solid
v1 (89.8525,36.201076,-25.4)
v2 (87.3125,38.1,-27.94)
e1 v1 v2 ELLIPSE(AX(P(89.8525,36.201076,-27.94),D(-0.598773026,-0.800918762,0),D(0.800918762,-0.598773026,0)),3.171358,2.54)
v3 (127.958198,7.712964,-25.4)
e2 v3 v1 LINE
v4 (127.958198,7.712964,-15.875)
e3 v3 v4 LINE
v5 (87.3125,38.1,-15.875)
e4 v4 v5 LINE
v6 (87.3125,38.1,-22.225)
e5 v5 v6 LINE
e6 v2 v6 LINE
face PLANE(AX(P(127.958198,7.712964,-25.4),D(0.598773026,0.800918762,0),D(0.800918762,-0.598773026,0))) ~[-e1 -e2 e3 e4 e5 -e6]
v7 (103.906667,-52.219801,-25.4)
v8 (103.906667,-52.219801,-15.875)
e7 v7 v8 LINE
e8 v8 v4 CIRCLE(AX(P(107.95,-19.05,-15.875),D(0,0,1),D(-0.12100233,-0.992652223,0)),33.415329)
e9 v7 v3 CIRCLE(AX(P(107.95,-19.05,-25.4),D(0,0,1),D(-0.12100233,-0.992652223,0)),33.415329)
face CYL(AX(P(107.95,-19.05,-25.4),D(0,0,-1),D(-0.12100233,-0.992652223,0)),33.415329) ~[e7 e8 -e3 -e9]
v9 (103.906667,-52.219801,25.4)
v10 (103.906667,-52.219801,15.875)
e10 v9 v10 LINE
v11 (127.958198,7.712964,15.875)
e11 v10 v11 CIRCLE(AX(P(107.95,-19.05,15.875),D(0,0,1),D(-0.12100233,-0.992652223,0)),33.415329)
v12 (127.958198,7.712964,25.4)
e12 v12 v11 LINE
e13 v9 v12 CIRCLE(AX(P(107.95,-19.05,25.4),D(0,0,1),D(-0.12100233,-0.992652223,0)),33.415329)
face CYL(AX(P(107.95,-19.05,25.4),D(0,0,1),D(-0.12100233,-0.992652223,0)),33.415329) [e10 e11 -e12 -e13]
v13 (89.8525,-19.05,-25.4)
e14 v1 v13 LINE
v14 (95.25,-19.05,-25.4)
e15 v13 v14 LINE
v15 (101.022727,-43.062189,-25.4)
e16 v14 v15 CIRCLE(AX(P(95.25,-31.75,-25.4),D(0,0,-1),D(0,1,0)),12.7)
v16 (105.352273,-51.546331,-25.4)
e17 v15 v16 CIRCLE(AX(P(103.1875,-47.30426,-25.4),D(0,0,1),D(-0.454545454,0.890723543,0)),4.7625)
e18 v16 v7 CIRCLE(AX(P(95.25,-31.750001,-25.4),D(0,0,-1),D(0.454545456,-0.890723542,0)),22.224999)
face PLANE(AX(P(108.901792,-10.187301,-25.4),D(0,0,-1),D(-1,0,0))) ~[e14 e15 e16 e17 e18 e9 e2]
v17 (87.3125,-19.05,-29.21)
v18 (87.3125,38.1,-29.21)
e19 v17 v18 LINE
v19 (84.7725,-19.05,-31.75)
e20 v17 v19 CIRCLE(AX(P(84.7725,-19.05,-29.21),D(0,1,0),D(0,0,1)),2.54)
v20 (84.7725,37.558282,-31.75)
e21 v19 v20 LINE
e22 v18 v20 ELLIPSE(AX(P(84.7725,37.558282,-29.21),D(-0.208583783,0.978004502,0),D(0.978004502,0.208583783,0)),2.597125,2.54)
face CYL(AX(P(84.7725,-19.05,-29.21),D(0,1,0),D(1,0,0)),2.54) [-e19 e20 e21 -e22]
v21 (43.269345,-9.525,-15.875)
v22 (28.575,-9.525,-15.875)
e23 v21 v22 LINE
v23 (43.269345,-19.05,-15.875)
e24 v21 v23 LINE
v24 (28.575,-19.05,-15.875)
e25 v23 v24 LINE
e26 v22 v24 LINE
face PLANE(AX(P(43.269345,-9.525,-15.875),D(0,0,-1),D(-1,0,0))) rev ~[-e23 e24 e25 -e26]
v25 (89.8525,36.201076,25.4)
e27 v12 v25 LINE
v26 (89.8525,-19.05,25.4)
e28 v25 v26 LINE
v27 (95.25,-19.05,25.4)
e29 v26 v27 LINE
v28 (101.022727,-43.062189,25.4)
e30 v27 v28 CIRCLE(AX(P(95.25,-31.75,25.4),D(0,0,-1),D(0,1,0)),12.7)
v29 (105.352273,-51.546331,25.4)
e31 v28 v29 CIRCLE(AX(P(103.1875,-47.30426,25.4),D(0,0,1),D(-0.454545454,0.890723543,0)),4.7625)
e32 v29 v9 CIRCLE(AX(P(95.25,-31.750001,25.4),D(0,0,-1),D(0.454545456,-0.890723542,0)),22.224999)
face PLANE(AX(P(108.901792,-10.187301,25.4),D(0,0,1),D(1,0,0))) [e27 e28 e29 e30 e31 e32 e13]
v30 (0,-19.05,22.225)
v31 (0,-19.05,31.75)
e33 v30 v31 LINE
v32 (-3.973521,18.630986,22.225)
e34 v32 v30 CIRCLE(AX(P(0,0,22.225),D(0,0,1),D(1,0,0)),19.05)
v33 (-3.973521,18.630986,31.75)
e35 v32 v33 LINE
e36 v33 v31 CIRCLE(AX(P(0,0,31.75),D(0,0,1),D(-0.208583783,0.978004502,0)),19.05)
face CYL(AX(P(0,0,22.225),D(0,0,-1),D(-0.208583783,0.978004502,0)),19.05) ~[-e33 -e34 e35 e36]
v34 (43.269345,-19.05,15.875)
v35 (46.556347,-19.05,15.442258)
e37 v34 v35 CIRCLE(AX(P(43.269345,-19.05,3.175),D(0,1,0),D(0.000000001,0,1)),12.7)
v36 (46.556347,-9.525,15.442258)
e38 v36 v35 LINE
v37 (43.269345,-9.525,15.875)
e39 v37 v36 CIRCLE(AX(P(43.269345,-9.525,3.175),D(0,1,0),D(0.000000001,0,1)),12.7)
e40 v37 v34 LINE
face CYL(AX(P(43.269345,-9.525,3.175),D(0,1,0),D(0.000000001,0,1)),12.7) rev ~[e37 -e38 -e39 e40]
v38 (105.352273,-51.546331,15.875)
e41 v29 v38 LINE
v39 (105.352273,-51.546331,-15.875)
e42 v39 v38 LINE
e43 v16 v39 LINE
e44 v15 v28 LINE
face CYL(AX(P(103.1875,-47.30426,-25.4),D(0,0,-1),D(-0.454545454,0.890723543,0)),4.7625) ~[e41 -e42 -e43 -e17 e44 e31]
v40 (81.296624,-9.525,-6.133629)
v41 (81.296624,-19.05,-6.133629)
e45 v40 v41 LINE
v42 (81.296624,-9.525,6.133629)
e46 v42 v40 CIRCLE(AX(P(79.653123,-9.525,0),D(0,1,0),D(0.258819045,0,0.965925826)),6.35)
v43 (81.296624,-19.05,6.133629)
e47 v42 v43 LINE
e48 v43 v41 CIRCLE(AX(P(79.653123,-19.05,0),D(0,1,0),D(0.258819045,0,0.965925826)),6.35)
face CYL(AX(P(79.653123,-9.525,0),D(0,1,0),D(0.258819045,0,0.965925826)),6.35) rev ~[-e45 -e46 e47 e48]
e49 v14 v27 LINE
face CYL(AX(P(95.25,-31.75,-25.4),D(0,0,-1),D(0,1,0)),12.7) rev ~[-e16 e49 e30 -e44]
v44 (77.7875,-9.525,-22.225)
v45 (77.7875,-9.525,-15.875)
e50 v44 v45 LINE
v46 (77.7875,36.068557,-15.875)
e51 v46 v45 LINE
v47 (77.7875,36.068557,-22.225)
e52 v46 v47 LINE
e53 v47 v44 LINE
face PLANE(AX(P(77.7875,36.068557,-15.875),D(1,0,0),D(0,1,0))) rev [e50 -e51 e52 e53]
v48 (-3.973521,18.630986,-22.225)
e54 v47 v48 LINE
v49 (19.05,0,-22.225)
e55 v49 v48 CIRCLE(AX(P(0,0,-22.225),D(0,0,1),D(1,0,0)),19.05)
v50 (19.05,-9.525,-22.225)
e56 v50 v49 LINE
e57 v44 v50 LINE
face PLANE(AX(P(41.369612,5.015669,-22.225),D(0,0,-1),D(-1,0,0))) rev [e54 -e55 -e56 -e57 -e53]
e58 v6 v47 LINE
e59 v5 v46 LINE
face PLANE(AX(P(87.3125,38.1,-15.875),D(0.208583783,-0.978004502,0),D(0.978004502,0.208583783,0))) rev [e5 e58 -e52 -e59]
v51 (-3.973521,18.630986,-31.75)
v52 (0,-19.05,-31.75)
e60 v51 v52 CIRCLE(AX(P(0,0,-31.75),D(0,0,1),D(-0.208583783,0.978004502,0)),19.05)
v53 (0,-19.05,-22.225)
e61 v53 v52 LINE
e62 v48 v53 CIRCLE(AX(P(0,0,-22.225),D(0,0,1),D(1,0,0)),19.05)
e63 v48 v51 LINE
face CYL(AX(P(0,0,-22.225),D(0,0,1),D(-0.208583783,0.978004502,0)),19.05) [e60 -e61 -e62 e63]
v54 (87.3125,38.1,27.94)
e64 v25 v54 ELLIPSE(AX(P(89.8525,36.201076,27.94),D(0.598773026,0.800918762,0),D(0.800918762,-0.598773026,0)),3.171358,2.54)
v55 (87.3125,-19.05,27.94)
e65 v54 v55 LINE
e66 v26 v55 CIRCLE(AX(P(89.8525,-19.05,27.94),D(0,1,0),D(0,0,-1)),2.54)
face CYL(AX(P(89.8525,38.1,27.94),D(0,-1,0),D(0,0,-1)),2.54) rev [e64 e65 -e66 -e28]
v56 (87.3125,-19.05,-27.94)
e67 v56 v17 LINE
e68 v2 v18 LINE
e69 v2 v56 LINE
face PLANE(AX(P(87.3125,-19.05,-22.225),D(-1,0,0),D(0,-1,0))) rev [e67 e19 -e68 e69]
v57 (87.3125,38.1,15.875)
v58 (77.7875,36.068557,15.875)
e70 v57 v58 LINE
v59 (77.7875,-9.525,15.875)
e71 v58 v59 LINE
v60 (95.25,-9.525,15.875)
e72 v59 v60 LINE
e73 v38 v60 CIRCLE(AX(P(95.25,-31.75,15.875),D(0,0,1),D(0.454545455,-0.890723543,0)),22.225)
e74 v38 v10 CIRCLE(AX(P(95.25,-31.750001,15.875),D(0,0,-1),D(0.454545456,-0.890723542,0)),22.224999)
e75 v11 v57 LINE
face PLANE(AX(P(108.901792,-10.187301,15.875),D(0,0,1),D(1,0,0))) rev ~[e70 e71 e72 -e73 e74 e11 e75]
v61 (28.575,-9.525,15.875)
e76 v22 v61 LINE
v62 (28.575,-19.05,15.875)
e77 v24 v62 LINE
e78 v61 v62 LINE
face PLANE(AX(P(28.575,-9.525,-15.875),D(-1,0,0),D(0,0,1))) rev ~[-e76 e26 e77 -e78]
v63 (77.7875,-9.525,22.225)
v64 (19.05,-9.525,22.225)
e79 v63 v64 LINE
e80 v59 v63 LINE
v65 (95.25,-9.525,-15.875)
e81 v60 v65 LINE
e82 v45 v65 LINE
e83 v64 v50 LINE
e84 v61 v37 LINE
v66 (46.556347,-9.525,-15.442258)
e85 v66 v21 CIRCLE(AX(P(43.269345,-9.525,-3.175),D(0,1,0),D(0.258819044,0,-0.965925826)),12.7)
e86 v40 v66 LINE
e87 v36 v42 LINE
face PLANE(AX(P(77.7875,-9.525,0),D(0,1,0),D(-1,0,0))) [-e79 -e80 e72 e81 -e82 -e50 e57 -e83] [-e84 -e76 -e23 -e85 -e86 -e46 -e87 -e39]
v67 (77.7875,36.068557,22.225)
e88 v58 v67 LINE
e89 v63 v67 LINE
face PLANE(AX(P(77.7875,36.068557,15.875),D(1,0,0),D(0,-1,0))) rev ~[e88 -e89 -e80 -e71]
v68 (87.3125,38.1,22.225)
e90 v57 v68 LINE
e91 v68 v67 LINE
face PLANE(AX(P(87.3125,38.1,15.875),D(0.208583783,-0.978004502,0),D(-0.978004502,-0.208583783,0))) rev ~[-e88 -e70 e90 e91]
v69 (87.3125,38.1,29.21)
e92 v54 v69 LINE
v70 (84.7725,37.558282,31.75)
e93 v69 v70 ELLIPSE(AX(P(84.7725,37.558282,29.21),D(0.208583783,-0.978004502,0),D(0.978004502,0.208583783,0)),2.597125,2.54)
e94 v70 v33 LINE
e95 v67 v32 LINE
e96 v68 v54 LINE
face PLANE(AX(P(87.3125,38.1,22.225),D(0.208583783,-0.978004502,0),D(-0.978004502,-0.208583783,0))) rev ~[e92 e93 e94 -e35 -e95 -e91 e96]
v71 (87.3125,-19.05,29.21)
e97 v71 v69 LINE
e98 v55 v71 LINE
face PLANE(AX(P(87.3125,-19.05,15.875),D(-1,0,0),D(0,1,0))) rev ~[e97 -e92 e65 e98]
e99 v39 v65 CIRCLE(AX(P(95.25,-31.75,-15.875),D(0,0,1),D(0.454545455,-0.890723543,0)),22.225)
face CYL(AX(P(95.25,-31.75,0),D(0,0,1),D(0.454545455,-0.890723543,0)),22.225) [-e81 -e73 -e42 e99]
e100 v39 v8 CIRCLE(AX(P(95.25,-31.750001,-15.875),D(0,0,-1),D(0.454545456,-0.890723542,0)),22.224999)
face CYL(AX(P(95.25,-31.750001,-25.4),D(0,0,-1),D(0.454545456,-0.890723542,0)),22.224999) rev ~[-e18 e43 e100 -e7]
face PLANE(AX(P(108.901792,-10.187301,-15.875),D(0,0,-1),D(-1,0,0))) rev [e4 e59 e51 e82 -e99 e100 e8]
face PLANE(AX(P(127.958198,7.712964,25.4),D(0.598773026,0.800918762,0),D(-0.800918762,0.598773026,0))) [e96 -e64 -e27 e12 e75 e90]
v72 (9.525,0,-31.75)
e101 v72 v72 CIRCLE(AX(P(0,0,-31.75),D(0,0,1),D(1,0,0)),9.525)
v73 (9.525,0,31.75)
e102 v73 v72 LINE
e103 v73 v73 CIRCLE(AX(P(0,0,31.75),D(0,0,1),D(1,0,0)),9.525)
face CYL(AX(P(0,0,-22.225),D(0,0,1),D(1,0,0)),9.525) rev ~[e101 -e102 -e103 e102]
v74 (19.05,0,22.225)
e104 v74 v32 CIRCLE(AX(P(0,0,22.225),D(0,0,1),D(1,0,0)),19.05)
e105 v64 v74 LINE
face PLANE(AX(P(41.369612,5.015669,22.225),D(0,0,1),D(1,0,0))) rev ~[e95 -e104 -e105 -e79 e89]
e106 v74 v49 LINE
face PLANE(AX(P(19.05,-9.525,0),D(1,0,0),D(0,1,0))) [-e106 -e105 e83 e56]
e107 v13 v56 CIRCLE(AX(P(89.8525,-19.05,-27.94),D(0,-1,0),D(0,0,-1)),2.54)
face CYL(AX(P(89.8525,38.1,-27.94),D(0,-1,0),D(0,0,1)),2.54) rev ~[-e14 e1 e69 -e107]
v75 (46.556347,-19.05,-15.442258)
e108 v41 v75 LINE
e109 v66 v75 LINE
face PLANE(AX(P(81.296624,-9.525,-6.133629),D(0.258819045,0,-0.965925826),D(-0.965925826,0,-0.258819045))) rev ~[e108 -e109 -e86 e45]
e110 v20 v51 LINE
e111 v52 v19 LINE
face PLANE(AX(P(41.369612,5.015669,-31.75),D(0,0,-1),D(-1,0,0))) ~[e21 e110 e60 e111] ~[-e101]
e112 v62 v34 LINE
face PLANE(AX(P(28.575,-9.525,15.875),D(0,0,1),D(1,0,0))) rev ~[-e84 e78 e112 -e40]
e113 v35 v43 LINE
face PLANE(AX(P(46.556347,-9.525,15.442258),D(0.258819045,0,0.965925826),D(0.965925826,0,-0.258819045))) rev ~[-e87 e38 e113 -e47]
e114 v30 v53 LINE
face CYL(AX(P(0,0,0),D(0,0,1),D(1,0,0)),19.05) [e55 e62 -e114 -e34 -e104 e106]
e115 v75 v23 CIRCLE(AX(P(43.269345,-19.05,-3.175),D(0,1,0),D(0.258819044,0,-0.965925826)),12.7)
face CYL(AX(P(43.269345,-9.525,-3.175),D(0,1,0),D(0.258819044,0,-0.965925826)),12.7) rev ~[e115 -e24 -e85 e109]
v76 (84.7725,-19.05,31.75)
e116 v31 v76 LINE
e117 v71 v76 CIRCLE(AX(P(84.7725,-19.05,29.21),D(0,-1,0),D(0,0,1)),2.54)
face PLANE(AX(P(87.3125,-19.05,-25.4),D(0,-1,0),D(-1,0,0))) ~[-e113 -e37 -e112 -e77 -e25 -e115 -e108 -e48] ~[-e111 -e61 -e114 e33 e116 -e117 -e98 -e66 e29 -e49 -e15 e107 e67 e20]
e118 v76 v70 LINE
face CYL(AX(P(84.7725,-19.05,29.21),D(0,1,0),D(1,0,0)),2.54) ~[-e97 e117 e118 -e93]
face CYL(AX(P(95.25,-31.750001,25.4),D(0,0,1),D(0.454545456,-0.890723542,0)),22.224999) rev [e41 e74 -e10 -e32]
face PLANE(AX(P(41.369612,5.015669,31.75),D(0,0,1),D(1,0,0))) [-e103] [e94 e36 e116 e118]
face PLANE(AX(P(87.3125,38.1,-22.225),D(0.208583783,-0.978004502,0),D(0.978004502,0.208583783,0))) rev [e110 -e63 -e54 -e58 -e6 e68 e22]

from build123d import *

# Parameters (mm, degrees)
SKETCH1_R            = 9.525
BOSS_EXTRUDE1_DEPTH  = 15.875
SKETCH1_3_R          = 9.525
BOSS_EXTRUDE2_DEPTH  = 22.225
BOSS_EXTRUDE6_START  = 22.225
SKETCH1_7_R          = 9.525
BOSS_EXTRUDE6_DEPTH  = 9.525
BOSS_EXTRUDE8_START  = 15.875
BOSS_EXTRUDE8_DEPTH  = 9.525
BOSS_EXTRUDE10_START = 25.4
BOSS_EXTRUDE10_DEPTH = 9.525
CUT_EXTRUDE1_DEPTH   = 153.513472698
FILLET1_R            = 2.54


with BuildPart() as part:
    # Sketch1 → Boss-Extrude1 (new, symmetric)
    with BuildSketch(Plane.XY):
        with BuildLine():
            Line((0, -19.05), (95.25, -19.05))
            ThreePointArc((95.25, -19.05), (107.598173959, -28.781397654), (101.022727273, -43.062188994))
            ThreePointArc((101.022727273, -43.062188994), (98.945429127, -49.469032594), (105.352272727, -51.546330739))
            ThreePointArc((105.352272727, -51.546330739), (116.859304428, -26.554945895), (95.25, -9.525))
            Line((95.25, -9.525), (19.05, -9.525))
            Line((19.05, -9.525), (19.05, 0))
            ThreePointArc((19.05, 0), (-13.470384182, 13.470384182), (0, -19.05))
        make_face()
        Circle(SKETCH1_R, mode=Mode.SUBTRACT)
    extrude(amount=BOSS_EXTRUDE1_DEPTH, both=True)

    # Sketch1<3> → Boss-Extrude2 (add, symmetric)
    with BuildSketch(Plane.XY):
        with BuildLine():
            Line((0, -19.05), (77.7875, -19.05))
            Line((77.7875, -19.05), (77.7875, -9.525))
            Line((77.7875, -9.525), (19.05, -9.525))
            Line((19.05, -9.525), (19.05, 0))
            ThreePointArc((19.05, 0), (-13.470384182, 13.470384182), (0, -19.05))
        make_face()
        Circle(SKETCH1_3_R, mode=Mode.SUBTRACT)
    extrude(amount=BOSS_EXTRUDE2_DEPTH, both=True)

    # Sketch1<7> → Boss-Extrude6 (add)
    with BuildSketch(Plane.XY.offset(BOSS_EXTRUDE6_START)):
        with BuildLine():
            ThreePointArc((-3.973521059, 18.63098576), (-18.944956832, -1.997776423), (0, -19.05))
            Line((0, -19.05), (87.3125, -19.05))
            Line((87.3125, -19.05), (87.3125, 38.1))
            Line((87.3125, 38.1), (-3.973521059, 18.63098576))
        make_face()
        Circle(SKETCH1_7_R, mode=Mode.SUBTRACT)
    boss_extrude6 = extrude(amount=BOSS_EXTRUDE6_DEPTH)

    # Sketch1<9> → Boss-Extrude8 (add)
    with BuildSketch(Plane.XY.offset(BOSS_EXTRUDE8_START)):
        Polygon((77.7875, -19.05), (87.3125, -19.05), (87.3125, 38.1), (77.7875, 36.068556867), align=None)
    boss_extrude8 = extrude(amount=BOSS_EXTRUDE8_DEPTH)

    # Sketch1<10> → Boss-Extrude10 (add)
    with BuildSketch(Plane.XY.offset(BOSS_EXTRUDE10_START)):
        with BuildLine():
            Line((87.3125, -19.05), (95.25, -19.05))
            ThreePointArc((95.25, -19.05), (107.598173959, -28.781397654), (101.022727273, -43.062188994))
            ThreePointArc((101.022727273, -43.062188994), (98.945429127, -49.469032594), (105.352272727, -51.546330739))
            ThreePointArc((105.352272727, -51.546330739), (104.635512697, -51.896036246), (103.906667348, -52.219800571))
            ThreePointArc((103.906667348, -52.219800571), (138.961341357, -31.495116154), (127.958197617, 7.712963905))
            Line((127.958197617, 7.712963905), (87.3125, 38.1))
            Line((87.3125, 38.1), (87.3125, -19.05))
        make_face()
    boss_extrude10 = extrude(amount=-BOSS_EXTRUDE10_DEPTH)

    # Mirror1: Boss-Extrude6, Boss-Extrude8, Boss-Extrude10 across plane
    add(boss_extrude6.mirror(Plane.XY))
    add(boss_extrude8.mirror(Plane.XY))
    add(boss_extrude10.mirror(Plane.XY))

    # Sketch2 → Cut-Extrude1 (cut, through all)
    with BuildSketch(Plane(origin=(0, -9.525, 0), x_dir=(1, 0, 0), z_dir=(0, 1, 0))):
        with BuildLine():
            Line((28.575, -15.875), (43.269345299, -15.875))
            ThreePointArc((43.269345299, -15.875), (44.92702794, -15.766349739), (46.556347172, -15.442257994))
            Line((46.556347172, -15.442257994), (81.296623537, -6.133628997))
            ThreePointArc((81.296623537, -6.133628997), (86.003122601, 0), (81.296623537, 6.133628997))
            Line((81.296623537, 6.133628997), (46.556347172, 15.442257994))
            ThreePointArc((46.556347172, 15.442257994), (44.92702794, 15.766349739), (43.269345299, 15.875))
            Line((43.269345299, 15.875), (28.575, 15.875))
            Line((28.575, 15.875), (28.575, -15.875))
        make_face()
    extrude(amount=-CUT_EXTRUDE1_DEPTH, mode=Mode.SUBTRACT)

    # Fillet1
    fillet1_edges = [part.edges().sort_by_distance(p)[0] for p in [
        (87.3125, 9.525, -31.75),
        (87.3125, 9.525, -25.4),
        (87.3125, 9.525, 31.75),
        (87.3125, 9.525, 25.4),
    ]]
    fillet(fillet1_edges, radius=FILLET1_R)


solid = part.part
